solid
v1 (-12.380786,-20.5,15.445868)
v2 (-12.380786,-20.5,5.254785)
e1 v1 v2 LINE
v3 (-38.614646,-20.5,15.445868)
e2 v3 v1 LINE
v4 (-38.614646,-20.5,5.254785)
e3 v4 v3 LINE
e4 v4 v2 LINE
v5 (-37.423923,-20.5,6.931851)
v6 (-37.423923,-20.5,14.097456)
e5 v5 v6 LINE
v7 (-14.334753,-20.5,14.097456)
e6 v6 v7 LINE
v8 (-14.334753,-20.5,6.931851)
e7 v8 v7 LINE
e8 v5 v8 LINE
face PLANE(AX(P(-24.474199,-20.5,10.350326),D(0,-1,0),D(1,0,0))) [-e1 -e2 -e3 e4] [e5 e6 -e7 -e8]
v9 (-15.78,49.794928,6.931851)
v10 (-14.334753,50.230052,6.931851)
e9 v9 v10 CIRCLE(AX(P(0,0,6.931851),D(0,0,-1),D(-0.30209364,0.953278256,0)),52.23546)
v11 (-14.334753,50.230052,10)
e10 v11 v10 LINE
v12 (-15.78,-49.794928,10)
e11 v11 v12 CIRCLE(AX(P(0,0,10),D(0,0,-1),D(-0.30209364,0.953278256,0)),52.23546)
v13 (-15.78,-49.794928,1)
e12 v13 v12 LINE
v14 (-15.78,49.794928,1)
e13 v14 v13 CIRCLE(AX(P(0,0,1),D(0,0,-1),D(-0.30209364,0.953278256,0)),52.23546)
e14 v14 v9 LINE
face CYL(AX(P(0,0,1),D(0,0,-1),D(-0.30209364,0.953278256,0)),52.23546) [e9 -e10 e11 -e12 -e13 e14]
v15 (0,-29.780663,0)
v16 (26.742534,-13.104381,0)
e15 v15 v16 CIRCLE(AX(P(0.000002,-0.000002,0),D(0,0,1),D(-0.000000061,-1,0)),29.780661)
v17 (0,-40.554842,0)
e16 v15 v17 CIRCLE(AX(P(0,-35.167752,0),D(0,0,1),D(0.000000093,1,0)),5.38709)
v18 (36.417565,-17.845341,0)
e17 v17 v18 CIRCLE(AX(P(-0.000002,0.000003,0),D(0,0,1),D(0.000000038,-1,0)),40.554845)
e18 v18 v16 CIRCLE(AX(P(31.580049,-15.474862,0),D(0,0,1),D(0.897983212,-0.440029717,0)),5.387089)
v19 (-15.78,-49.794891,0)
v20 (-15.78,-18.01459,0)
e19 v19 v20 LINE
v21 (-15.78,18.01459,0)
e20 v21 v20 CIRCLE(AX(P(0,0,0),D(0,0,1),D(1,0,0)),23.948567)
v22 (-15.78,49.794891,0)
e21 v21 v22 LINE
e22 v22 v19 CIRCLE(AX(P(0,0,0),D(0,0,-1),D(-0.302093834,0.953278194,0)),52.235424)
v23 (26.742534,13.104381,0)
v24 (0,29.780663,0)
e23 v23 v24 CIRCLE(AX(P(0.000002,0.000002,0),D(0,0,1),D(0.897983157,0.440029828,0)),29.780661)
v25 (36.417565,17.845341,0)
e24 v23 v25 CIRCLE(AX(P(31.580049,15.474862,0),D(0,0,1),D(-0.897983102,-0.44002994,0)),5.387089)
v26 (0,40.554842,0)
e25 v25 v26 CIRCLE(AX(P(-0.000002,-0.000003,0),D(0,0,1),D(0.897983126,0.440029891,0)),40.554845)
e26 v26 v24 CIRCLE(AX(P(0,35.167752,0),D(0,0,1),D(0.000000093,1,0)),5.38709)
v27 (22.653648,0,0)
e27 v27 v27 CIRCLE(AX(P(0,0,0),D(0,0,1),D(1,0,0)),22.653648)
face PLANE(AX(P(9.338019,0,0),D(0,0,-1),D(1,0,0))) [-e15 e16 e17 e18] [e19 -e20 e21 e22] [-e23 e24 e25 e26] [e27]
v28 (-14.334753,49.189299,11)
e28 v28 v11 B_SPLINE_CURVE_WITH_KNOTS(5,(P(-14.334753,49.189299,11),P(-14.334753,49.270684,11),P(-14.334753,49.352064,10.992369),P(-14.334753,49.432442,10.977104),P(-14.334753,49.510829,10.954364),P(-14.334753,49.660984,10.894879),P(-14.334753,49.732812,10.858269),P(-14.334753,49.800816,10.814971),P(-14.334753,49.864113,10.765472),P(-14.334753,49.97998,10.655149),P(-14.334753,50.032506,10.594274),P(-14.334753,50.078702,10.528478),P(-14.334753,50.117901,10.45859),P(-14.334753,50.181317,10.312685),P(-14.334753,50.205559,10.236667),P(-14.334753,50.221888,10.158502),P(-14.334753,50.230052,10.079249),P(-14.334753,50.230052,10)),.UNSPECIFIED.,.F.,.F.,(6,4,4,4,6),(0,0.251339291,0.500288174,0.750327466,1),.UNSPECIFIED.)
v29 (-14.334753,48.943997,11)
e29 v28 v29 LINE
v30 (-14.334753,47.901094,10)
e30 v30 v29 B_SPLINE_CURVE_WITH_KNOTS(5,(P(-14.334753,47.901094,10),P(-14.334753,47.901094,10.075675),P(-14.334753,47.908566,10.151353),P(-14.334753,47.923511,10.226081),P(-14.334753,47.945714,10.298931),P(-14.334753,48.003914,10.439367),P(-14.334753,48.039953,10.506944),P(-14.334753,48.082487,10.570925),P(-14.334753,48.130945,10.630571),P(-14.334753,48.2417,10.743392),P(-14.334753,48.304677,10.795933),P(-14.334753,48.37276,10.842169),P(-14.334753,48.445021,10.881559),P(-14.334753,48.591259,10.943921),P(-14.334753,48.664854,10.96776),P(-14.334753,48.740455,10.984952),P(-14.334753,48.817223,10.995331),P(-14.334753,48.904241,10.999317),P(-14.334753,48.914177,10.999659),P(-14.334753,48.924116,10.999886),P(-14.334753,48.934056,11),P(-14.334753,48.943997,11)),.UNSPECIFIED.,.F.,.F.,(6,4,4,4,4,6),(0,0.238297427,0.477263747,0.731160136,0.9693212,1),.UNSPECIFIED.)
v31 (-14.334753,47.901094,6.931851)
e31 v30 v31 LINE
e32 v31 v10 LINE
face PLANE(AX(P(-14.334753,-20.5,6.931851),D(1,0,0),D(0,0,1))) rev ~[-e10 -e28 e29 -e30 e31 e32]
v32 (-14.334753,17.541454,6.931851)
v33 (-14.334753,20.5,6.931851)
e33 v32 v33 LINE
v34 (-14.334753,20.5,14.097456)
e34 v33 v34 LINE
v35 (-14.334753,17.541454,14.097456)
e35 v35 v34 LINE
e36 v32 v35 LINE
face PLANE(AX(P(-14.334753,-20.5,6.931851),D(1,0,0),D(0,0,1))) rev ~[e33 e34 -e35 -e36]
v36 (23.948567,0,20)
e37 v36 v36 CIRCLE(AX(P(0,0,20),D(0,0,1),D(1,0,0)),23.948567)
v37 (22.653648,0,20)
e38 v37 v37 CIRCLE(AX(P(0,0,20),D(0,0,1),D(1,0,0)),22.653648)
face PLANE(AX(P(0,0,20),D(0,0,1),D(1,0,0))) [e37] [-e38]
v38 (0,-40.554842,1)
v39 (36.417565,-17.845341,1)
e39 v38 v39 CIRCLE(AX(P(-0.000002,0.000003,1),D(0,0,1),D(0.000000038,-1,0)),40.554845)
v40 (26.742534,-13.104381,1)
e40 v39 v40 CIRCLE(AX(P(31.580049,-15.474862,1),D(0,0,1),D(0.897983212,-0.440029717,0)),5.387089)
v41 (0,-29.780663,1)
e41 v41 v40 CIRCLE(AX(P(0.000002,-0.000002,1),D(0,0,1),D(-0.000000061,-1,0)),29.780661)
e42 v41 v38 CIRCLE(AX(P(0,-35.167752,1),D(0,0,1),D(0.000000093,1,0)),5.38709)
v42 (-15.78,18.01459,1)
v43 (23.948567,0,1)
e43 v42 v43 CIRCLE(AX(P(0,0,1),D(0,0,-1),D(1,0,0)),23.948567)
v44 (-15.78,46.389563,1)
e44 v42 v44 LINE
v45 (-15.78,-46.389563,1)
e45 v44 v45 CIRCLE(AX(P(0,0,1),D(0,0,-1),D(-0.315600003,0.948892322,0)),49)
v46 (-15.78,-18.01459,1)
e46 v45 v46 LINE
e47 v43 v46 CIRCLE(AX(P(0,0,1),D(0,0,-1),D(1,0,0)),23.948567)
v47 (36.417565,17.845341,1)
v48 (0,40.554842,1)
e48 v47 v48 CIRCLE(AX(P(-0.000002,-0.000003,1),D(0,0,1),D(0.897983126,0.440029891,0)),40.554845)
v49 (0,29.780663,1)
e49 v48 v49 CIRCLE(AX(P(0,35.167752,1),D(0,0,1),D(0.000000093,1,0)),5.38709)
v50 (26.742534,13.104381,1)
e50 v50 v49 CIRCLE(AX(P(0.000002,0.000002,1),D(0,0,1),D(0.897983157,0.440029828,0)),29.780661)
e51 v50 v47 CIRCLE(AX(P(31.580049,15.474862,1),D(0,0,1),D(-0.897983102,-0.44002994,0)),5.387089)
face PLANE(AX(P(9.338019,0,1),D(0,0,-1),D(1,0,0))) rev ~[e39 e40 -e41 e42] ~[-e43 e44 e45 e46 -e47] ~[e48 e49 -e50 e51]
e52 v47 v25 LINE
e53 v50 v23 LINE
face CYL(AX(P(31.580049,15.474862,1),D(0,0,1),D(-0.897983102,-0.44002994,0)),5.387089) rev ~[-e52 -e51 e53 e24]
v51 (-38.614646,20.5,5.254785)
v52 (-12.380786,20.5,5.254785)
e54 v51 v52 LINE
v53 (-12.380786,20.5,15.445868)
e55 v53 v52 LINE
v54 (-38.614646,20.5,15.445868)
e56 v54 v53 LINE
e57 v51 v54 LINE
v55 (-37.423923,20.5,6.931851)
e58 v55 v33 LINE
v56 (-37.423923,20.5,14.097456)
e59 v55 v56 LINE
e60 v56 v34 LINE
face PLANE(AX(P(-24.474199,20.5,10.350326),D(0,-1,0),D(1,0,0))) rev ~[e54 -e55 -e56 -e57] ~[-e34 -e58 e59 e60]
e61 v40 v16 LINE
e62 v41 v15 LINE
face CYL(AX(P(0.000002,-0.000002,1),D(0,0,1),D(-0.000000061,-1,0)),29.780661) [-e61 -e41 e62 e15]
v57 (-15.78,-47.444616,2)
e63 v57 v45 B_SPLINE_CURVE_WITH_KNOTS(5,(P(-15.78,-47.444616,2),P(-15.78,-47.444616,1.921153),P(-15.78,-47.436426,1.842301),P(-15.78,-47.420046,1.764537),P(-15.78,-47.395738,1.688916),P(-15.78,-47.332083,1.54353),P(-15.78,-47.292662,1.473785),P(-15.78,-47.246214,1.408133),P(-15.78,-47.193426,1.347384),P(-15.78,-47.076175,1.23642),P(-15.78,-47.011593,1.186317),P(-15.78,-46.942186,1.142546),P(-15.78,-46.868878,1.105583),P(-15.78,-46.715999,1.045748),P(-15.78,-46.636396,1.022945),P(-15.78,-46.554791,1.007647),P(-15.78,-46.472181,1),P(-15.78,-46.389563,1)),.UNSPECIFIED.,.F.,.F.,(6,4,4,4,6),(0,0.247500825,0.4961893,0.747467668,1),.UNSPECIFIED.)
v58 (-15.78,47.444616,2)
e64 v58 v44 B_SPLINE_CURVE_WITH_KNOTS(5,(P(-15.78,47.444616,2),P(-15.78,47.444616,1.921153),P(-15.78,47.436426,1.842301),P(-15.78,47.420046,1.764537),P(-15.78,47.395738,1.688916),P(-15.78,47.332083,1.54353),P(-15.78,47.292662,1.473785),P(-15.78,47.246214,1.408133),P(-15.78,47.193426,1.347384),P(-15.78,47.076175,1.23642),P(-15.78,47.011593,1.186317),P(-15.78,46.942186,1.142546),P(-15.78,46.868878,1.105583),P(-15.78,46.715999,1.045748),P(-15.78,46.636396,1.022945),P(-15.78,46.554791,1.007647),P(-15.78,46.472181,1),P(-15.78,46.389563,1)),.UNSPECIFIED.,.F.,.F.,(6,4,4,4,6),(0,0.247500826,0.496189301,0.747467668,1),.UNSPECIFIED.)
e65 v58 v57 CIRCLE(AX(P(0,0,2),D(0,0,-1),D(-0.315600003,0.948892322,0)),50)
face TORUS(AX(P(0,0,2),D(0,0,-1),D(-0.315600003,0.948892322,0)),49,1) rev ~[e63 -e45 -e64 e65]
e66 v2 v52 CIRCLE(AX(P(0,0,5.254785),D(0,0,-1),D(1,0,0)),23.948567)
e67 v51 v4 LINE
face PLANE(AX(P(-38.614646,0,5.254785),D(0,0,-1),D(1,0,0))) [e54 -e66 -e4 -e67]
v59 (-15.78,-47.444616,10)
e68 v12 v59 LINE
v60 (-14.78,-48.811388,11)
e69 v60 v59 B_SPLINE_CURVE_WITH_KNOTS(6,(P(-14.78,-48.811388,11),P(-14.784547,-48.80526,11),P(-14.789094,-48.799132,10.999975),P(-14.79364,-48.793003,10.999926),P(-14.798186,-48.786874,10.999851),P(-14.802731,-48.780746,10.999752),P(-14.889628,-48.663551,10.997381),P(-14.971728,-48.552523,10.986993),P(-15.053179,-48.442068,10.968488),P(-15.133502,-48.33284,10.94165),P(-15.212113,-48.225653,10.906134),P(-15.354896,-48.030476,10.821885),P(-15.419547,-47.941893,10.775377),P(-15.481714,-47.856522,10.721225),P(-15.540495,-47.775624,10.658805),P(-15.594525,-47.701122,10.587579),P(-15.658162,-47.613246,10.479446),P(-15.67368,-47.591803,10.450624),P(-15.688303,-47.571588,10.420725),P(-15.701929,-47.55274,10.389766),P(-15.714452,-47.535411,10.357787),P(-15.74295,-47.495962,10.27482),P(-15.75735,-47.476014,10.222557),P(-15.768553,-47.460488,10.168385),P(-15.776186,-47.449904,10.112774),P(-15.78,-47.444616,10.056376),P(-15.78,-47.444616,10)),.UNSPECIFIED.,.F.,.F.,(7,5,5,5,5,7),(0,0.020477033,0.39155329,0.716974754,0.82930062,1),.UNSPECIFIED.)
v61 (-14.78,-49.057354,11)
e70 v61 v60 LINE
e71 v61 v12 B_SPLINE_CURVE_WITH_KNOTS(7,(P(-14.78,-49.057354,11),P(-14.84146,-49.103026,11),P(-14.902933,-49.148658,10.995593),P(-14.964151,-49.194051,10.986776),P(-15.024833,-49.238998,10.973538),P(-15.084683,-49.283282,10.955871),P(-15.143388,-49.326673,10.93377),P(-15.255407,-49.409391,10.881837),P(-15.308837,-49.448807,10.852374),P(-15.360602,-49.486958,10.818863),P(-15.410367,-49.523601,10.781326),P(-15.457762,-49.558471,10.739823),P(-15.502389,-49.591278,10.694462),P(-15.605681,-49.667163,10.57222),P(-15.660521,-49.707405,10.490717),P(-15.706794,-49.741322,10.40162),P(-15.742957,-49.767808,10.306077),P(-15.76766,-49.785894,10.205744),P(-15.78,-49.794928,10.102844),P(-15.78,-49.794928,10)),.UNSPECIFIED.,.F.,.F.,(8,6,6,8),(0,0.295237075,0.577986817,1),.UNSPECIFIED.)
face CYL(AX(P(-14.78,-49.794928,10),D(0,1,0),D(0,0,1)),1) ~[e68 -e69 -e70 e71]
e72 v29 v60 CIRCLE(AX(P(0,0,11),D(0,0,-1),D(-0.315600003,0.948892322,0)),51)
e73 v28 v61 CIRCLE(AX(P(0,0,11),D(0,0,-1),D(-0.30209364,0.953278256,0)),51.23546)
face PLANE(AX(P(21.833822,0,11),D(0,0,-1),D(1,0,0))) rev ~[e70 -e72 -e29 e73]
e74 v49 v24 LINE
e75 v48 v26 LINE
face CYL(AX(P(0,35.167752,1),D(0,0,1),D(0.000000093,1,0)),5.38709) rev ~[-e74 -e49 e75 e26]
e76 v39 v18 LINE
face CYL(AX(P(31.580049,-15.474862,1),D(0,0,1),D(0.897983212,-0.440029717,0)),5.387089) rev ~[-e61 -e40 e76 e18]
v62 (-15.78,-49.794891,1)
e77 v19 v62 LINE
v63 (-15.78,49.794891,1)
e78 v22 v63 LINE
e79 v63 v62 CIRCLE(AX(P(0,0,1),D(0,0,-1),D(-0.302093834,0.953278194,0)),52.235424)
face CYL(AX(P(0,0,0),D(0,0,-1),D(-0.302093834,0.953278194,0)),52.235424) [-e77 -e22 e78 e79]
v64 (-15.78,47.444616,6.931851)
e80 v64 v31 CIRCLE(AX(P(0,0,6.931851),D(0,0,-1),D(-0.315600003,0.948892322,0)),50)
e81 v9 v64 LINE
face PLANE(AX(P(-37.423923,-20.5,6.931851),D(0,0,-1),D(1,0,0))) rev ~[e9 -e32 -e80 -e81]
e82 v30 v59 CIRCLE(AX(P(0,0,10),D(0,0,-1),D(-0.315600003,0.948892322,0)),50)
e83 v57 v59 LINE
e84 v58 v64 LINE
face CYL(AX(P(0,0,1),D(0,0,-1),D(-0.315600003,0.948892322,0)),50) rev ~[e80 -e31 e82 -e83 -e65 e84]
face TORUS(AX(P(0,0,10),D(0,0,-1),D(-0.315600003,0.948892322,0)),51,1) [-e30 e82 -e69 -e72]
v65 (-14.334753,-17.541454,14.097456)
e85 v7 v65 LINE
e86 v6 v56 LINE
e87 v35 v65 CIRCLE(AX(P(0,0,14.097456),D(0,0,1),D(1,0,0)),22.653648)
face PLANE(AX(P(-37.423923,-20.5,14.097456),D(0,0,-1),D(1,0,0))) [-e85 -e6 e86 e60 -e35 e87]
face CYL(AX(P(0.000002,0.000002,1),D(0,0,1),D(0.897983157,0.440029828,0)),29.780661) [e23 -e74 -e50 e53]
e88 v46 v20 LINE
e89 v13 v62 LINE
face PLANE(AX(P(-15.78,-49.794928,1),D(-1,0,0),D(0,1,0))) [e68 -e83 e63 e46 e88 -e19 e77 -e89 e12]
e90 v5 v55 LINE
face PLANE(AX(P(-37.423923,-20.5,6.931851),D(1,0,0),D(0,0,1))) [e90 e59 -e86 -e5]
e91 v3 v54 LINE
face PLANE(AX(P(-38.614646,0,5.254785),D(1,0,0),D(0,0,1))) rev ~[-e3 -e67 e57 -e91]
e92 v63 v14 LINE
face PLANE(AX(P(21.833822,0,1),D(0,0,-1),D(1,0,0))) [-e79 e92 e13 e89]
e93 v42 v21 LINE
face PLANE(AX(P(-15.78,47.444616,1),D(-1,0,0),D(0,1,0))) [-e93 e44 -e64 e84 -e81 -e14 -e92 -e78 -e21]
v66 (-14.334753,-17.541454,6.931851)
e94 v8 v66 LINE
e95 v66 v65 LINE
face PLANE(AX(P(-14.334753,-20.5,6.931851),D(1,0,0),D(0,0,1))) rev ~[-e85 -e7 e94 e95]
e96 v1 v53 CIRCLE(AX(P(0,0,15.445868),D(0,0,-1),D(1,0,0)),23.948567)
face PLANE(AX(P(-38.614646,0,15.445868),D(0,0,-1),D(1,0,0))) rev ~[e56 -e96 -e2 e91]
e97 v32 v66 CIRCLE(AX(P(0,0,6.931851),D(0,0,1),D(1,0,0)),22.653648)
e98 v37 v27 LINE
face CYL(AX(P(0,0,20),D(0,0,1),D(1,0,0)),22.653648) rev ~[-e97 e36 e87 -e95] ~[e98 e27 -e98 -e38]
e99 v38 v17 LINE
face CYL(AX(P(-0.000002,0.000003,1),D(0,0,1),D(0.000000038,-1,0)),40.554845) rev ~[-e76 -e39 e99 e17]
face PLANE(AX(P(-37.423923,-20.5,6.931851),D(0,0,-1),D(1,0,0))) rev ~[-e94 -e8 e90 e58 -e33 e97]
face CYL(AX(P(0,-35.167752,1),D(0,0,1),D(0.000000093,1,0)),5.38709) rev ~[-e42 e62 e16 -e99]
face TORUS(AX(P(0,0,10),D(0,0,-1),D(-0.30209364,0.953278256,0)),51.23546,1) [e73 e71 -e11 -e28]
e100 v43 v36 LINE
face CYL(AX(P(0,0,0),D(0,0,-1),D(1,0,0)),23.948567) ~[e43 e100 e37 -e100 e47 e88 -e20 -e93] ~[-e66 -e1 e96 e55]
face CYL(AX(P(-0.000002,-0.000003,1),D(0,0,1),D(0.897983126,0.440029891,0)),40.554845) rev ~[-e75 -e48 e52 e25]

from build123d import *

# Parameters (mm, degrees)
SKETCH_R        = 23.948567
PAD_DEPTH       = 20
SKETCH001_W     = 28.280895
SKETCH001_H     = 10.191083
PAD001_DEPTH    = 20.5
PAD002_DEPTH    = 1
PAD003_DEPTH    = 10
FILLET_R        = 1
FILLET001_R     = 1
SKETCH005_W     = 23.089169
SKETCH005_H     = 7.165605
POCKET_DEPTH    = 72.73646
SKETCH006_R     = 22.653648
POCKET001_DEPTH = 20.001
POCKET002_DEPTH = 5


with BuildPart() as part:
    # Sketch → Pad (new body)
    with BuildSketch(Plane.XY):
        Circle(SKETCH_R)
    extrude(amount=PAD_DEPTH)

    # Sketch001 → Pad001 (join, symmetric)
    with BuildSketch(Plane.XZ):
        with Locations((-24.474199, 10.350326)):
            Rectangle(SKETCH001_W, SKETCH001_H)
    extrude(amount=PAD001_DEPTH, both=True)

    # Sketch002 (on Face2 of Pad001) → Pad002 (join)
    with BuildSketch(Plane(origin=(0, 0, 0), x_dir=(1, 0, 0), z_dir=(0, 0, -1))):
        with BuildLine():
            ThreePointArc((-15.78, -49.794891), (52.235424, 0), (-15.78, 49.794891))
            Line((-15.78, 49.794891), (-15.78, -49.794891))
        make_face()
    extrude(amount=-PAD002_DEPTH)

    # Sketch004 (on Face2 of Pad001) → Pad003 (join)
    with BuildSketch(Plane(origin=(0, 0, 1), x_dir=(1, 0, 0), z_dir=(0, 0, -1))):
        with BuildLine():
            ThreePointArc((-15.78, -49.794928), (52.23546, 0), (-15.78, 49.794928))
            Line((-15.78, 49.794928), (-15.78, 47.444616))
            ThreePointArc((-15.78, -47.444616), (50, 0), (-15.78, 47.444616))
            Line((-15.78, -47.444616), (-15.78, -49.794928))
        make_face()
    extrude(amount=-PAD003_DEPTH)

    # Fillet
    fillet_edges = [part.edges().sort_by_distance(p)[0] for p in [
        (50, 0, 1),
    ]]
    fillet(fillet_edges, radius=FILLET_R)

    # Fillet001
    fillet001_edges = [part.edges().sort_by_distance(p)[0] for p in [
        (52.23546, 0, 11),
        (-15.78, -48.619772, 11),
        (50, 0, 11),
        (-15.78, 48.619772, 11),
    ]]
    fillet(fillet001_edges, radius=FILLET001_R)

    # Sketch005 (on Face15 of Fillet001) → Pocket (cut, through all)
    with BuildSketch(Plane.XZ.offset(20.5)):
        with Locations((-25.879338, 10.514653)):
            Rectangle(SKETCH005_W, SKETCH005_H)
    extrude(amount=-POCKET_DEPTH, mode=Mode.SUBTRACT)

    # Sketch006 (on Face16 of Pocket) → Pocket001 (cut, through all)
    with BuildSketch(Plane.XY.offset(20)):
        Circle(SKETCH006_R)
    extrude(amount=-POCKET001_DEPTH, mode=Mode.SUBTRACT)

    # Sketch007 (on Face6 of Pocket001) → Pocket002 (cut)
    with BuildSketch(Plane.XY.offset(1)):
        with BuildLine():
            ThreePointArc((0, 40.554842), (-5.38709, 35.167753), (0, 29.780663))
            ThreePointArc((26.742534, 13.104381), (15.758026, 25.269993), (0, 29.780663))
            ThreePointArc((26.742534, 13.104381), (33.950529, 10.637346), (36.417565, 17.845341))
            ThreePointArc((36.417565, 17.845341), (21.459033, 34.412281), (0, 40.554842))
        make_face()
        with BuildLine():
            ThreePointArc((0, -29.780663), (-5.38709, -35.167753), (0, -40.554842))
            ThreePointArc((0, -40.554842), (21.459033, -34.412281), (36.417565, -17.845341))
            ThreePointArc((36.417565, -17.845341), (33.950529, -10.637346), (26.742534, -13.104381))
            ThreePointArc((0, -29.780663), (15.758026, -25.269993), (26.742534, -13.104381))
        make_face()
    extrude(amount=-POCKET002_DEPTH, mode=Mode.SUBTRACT)


solid = part.part
